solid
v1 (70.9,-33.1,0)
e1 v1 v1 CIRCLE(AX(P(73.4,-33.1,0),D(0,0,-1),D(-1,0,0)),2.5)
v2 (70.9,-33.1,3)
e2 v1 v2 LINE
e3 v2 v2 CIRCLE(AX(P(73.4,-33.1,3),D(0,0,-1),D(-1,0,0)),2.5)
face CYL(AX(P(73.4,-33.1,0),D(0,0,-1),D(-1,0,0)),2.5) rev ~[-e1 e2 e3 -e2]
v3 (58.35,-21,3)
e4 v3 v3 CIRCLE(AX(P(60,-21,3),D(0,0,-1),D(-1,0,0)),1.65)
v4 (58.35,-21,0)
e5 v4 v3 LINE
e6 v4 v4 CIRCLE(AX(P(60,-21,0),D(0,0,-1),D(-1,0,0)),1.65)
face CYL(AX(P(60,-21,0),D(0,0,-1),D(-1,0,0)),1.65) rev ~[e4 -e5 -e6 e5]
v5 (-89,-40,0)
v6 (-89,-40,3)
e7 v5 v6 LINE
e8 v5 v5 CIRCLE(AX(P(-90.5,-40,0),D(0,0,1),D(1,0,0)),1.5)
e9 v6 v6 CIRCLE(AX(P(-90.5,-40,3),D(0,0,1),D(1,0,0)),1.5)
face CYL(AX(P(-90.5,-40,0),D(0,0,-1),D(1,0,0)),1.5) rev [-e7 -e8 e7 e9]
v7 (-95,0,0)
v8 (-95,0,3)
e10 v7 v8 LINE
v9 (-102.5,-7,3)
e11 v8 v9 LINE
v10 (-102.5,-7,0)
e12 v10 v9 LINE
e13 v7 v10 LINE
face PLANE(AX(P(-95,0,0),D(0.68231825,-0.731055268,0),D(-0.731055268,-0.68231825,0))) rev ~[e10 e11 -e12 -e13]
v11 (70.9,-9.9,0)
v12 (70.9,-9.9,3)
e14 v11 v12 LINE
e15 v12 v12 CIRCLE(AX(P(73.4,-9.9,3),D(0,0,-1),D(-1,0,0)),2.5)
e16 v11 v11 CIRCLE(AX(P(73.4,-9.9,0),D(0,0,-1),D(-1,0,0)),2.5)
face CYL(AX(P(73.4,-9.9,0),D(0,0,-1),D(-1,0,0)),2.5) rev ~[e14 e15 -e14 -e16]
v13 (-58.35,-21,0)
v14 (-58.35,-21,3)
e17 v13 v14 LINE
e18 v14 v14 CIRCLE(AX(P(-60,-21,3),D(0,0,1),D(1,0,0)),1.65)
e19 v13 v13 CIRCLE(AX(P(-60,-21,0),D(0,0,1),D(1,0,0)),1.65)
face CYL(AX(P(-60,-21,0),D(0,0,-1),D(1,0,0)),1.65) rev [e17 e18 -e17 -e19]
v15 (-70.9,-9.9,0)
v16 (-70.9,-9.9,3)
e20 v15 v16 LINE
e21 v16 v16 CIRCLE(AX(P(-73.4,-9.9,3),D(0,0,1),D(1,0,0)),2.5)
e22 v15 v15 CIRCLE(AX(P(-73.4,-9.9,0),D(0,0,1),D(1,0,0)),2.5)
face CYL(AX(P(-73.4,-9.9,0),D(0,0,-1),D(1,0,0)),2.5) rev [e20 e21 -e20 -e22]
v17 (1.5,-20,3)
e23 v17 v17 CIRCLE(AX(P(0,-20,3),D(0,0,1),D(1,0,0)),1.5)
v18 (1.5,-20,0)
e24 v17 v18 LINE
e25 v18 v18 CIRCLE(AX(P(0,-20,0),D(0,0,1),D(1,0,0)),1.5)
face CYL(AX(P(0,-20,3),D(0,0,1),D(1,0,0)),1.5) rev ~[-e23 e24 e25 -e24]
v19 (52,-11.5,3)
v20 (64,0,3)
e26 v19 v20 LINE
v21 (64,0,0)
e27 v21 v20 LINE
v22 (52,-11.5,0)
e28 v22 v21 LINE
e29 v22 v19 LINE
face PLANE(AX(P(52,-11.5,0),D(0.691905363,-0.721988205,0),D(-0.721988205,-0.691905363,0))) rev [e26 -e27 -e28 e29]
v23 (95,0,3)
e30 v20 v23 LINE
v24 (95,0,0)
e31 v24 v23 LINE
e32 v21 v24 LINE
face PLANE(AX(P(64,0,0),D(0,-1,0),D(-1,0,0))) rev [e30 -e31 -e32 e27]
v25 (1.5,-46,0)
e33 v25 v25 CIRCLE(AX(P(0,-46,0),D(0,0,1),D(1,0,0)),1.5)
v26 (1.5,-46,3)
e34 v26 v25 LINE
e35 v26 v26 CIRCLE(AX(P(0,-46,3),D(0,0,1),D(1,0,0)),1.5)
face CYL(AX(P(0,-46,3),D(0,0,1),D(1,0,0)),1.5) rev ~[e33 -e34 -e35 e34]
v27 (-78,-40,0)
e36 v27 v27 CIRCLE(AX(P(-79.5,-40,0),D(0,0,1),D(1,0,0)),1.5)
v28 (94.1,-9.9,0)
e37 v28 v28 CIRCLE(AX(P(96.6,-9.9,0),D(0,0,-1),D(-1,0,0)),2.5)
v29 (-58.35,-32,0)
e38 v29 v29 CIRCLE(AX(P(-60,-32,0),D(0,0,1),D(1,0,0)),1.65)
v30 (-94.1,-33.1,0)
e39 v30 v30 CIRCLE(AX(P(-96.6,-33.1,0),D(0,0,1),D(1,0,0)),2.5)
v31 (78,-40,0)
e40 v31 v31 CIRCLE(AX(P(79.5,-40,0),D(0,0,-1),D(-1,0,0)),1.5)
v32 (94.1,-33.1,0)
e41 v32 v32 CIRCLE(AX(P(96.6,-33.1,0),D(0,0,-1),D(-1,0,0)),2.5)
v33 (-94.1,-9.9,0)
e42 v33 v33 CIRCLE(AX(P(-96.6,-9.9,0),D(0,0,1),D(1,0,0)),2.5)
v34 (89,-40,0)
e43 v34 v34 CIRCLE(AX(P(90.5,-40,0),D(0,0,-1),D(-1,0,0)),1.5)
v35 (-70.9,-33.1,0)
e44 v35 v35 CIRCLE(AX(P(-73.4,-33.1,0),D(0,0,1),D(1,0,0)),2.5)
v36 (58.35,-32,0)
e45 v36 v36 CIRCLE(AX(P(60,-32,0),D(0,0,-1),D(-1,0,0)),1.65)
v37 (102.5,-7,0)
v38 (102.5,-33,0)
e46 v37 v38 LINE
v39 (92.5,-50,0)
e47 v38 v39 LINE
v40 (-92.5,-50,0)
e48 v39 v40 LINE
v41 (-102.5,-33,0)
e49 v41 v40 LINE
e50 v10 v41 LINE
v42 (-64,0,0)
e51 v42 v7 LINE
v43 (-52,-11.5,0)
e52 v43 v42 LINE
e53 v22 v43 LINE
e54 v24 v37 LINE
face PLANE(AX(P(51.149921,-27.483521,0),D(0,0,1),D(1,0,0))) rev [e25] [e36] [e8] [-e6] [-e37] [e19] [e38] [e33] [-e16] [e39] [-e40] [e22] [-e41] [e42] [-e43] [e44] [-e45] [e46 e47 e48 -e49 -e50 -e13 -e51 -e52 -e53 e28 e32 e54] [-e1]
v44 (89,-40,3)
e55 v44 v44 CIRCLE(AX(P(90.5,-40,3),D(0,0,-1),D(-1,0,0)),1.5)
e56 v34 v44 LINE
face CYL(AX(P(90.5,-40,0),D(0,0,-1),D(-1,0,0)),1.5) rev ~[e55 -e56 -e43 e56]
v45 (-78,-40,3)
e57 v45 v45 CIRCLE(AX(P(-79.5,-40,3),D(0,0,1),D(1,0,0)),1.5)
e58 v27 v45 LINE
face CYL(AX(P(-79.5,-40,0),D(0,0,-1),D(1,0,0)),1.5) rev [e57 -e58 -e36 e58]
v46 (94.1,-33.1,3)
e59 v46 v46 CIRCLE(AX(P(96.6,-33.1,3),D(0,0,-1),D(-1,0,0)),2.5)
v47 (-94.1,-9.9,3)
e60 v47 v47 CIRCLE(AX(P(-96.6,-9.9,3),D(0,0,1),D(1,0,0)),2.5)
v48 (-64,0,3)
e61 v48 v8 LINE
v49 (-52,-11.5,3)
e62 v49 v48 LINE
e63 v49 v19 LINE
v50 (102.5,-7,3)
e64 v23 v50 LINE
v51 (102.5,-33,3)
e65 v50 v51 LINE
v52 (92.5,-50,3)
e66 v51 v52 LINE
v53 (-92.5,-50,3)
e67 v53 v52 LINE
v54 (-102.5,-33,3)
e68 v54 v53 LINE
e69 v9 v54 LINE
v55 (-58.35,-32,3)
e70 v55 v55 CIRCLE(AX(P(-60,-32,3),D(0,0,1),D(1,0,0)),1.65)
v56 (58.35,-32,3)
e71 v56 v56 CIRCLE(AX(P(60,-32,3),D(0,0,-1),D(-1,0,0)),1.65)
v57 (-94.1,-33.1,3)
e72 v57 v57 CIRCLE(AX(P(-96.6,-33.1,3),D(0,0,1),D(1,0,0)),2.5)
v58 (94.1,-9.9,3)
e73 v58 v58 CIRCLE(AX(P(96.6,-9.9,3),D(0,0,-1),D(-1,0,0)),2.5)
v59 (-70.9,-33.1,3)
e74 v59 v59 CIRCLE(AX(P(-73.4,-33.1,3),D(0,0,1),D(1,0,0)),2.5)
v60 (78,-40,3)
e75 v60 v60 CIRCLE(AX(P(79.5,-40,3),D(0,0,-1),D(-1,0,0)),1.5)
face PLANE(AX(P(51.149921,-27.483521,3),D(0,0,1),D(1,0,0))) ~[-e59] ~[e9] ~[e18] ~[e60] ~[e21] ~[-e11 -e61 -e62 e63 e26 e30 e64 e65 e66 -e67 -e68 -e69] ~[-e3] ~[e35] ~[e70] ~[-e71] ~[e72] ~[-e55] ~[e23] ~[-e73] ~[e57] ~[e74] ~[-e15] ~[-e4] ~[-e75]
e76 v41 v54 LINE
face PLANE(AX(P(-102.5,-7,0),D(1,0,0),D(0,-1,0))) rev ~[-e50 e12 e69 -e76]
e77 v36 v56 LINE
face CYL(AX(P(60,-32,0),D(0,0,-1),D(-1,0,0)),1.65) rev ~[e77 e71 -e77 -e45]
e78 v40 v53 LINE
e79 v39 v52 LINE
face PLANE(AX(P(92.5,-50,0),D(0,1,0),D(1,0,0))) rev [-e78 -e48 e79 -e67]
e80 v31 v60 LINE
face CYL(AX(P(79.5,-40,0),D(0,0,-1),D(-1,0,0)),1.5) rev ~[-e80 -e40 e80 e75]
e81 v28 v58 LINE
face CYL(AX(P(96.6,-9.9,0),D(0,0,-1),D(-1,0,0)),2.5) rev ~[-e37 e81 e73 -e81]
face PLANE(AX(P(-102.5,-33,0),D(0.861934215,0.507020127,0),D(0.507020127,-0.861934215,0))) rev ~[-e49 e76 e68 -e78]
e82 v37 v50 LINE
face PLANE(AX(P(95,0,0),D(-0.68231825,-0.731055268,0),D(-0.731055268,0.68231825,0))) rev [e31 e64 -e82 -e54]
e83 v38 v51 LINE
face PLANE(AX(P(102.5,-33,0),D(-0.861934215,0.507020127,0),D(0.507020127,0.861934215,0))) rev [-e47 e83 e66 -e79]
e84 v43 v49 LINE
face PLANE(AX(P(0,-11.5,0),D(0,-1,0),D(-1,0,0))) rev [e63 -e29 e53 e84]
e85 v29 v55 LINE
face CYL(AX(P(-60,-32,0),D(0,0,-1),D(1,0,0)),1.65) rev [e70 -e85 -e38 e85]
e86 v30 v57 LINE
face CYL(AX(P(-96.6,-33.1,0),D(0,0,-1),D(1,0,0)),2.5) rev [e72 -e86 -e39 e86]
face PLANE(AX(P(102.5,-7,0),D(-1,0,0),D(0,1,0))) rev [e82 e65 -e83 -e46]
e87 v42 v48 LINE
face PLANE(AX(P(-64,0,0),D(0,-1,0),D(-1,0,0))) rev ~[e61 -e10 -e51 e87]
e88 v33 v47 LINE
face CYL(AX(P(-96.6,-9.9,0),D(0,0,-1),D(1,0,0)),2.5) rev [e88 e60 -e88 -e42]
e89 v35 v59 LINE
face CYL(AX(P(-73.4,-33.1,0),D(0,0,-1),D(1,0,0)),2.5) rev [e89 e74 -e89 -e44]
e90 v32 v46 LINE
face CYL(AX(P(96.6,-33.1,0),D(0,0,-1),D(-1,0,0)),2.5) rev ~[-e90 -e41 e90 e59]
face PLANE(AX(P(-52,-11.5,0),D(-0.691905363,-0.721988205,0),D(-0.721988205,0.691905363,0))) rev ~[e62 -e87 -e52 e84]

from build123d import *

# Parameters (mm, degrees)
SKETCH_R     = 2.5
SKETCH_R_2   = 1.5
SKETCH_R_3   = 1.65
PAD_DEPTH    = 3
SKETCH001_R  = 1.5
POCKET_DEPTH = 3.001


with BuildPart() as part:
    # Sketch → Pad (new body)
    with BuildSketch(Plane.XY):
        Polygon((0, -11.5), (-52, -11.5), (-64, 0), (-95, 0), (-102.5, -7), (-102.5, -33), (-92.5, -50), (0, -50), align=None)
        with Locations((-96.6, -9.9)):
            Circle(SKETCH_R, mode=Mode.SUBTRACT)
        with Locations((-73.4, -9.9)):
            Circle(SKETCH_R, mode=Mode.SUBTRACT)
        with Locations((-73.4, -33.1)):
            Circle(SKETCH_R, mode=Mode.SUBTRACT)
        with Locations((-96.6, -33.1)):
            Circle(SKETCH_R, mode=Mode.SUBTRACT)
        with Locations((-90.5, -40)):
            Circle(SKETCH_R_2, mode=Mode.SUBTRACT)
        with Locations((-79.5, -40)):
            Circle(SKETCH_R_2, mode=Mode.SUBTRACT)
        with Locations((-60, -21)):
            Circle(SKETCH_R_3, mode=Mode.SUBTRACT)
        with Locations((-60, -32)):
            Circle(SKETCH_R_3, mode=Mode.SUBTRACT)
    pad = extrude(amount=PAD_DEPTH)

    # Mirrored: Pad across Sketch V_Axis
    add(pad.mirror(Plane(origin=(0, 0, 0), x_dir=(0, 0, 1), z_dir=(1, 0, 0))))

    # Sketch001 → Pocket (cut, through all)
    with BuildSketch(Plane.XY.offset(3)):
        with Locations((0, -20)):
            Circle(SKETCH001_R)
        with Locations((0, -46)):
            Circle(SKETCH001_R)
    extrude(amount=-POCKET_DEPTH, mode=Mode.SUBTRACT)


solid = part.part
